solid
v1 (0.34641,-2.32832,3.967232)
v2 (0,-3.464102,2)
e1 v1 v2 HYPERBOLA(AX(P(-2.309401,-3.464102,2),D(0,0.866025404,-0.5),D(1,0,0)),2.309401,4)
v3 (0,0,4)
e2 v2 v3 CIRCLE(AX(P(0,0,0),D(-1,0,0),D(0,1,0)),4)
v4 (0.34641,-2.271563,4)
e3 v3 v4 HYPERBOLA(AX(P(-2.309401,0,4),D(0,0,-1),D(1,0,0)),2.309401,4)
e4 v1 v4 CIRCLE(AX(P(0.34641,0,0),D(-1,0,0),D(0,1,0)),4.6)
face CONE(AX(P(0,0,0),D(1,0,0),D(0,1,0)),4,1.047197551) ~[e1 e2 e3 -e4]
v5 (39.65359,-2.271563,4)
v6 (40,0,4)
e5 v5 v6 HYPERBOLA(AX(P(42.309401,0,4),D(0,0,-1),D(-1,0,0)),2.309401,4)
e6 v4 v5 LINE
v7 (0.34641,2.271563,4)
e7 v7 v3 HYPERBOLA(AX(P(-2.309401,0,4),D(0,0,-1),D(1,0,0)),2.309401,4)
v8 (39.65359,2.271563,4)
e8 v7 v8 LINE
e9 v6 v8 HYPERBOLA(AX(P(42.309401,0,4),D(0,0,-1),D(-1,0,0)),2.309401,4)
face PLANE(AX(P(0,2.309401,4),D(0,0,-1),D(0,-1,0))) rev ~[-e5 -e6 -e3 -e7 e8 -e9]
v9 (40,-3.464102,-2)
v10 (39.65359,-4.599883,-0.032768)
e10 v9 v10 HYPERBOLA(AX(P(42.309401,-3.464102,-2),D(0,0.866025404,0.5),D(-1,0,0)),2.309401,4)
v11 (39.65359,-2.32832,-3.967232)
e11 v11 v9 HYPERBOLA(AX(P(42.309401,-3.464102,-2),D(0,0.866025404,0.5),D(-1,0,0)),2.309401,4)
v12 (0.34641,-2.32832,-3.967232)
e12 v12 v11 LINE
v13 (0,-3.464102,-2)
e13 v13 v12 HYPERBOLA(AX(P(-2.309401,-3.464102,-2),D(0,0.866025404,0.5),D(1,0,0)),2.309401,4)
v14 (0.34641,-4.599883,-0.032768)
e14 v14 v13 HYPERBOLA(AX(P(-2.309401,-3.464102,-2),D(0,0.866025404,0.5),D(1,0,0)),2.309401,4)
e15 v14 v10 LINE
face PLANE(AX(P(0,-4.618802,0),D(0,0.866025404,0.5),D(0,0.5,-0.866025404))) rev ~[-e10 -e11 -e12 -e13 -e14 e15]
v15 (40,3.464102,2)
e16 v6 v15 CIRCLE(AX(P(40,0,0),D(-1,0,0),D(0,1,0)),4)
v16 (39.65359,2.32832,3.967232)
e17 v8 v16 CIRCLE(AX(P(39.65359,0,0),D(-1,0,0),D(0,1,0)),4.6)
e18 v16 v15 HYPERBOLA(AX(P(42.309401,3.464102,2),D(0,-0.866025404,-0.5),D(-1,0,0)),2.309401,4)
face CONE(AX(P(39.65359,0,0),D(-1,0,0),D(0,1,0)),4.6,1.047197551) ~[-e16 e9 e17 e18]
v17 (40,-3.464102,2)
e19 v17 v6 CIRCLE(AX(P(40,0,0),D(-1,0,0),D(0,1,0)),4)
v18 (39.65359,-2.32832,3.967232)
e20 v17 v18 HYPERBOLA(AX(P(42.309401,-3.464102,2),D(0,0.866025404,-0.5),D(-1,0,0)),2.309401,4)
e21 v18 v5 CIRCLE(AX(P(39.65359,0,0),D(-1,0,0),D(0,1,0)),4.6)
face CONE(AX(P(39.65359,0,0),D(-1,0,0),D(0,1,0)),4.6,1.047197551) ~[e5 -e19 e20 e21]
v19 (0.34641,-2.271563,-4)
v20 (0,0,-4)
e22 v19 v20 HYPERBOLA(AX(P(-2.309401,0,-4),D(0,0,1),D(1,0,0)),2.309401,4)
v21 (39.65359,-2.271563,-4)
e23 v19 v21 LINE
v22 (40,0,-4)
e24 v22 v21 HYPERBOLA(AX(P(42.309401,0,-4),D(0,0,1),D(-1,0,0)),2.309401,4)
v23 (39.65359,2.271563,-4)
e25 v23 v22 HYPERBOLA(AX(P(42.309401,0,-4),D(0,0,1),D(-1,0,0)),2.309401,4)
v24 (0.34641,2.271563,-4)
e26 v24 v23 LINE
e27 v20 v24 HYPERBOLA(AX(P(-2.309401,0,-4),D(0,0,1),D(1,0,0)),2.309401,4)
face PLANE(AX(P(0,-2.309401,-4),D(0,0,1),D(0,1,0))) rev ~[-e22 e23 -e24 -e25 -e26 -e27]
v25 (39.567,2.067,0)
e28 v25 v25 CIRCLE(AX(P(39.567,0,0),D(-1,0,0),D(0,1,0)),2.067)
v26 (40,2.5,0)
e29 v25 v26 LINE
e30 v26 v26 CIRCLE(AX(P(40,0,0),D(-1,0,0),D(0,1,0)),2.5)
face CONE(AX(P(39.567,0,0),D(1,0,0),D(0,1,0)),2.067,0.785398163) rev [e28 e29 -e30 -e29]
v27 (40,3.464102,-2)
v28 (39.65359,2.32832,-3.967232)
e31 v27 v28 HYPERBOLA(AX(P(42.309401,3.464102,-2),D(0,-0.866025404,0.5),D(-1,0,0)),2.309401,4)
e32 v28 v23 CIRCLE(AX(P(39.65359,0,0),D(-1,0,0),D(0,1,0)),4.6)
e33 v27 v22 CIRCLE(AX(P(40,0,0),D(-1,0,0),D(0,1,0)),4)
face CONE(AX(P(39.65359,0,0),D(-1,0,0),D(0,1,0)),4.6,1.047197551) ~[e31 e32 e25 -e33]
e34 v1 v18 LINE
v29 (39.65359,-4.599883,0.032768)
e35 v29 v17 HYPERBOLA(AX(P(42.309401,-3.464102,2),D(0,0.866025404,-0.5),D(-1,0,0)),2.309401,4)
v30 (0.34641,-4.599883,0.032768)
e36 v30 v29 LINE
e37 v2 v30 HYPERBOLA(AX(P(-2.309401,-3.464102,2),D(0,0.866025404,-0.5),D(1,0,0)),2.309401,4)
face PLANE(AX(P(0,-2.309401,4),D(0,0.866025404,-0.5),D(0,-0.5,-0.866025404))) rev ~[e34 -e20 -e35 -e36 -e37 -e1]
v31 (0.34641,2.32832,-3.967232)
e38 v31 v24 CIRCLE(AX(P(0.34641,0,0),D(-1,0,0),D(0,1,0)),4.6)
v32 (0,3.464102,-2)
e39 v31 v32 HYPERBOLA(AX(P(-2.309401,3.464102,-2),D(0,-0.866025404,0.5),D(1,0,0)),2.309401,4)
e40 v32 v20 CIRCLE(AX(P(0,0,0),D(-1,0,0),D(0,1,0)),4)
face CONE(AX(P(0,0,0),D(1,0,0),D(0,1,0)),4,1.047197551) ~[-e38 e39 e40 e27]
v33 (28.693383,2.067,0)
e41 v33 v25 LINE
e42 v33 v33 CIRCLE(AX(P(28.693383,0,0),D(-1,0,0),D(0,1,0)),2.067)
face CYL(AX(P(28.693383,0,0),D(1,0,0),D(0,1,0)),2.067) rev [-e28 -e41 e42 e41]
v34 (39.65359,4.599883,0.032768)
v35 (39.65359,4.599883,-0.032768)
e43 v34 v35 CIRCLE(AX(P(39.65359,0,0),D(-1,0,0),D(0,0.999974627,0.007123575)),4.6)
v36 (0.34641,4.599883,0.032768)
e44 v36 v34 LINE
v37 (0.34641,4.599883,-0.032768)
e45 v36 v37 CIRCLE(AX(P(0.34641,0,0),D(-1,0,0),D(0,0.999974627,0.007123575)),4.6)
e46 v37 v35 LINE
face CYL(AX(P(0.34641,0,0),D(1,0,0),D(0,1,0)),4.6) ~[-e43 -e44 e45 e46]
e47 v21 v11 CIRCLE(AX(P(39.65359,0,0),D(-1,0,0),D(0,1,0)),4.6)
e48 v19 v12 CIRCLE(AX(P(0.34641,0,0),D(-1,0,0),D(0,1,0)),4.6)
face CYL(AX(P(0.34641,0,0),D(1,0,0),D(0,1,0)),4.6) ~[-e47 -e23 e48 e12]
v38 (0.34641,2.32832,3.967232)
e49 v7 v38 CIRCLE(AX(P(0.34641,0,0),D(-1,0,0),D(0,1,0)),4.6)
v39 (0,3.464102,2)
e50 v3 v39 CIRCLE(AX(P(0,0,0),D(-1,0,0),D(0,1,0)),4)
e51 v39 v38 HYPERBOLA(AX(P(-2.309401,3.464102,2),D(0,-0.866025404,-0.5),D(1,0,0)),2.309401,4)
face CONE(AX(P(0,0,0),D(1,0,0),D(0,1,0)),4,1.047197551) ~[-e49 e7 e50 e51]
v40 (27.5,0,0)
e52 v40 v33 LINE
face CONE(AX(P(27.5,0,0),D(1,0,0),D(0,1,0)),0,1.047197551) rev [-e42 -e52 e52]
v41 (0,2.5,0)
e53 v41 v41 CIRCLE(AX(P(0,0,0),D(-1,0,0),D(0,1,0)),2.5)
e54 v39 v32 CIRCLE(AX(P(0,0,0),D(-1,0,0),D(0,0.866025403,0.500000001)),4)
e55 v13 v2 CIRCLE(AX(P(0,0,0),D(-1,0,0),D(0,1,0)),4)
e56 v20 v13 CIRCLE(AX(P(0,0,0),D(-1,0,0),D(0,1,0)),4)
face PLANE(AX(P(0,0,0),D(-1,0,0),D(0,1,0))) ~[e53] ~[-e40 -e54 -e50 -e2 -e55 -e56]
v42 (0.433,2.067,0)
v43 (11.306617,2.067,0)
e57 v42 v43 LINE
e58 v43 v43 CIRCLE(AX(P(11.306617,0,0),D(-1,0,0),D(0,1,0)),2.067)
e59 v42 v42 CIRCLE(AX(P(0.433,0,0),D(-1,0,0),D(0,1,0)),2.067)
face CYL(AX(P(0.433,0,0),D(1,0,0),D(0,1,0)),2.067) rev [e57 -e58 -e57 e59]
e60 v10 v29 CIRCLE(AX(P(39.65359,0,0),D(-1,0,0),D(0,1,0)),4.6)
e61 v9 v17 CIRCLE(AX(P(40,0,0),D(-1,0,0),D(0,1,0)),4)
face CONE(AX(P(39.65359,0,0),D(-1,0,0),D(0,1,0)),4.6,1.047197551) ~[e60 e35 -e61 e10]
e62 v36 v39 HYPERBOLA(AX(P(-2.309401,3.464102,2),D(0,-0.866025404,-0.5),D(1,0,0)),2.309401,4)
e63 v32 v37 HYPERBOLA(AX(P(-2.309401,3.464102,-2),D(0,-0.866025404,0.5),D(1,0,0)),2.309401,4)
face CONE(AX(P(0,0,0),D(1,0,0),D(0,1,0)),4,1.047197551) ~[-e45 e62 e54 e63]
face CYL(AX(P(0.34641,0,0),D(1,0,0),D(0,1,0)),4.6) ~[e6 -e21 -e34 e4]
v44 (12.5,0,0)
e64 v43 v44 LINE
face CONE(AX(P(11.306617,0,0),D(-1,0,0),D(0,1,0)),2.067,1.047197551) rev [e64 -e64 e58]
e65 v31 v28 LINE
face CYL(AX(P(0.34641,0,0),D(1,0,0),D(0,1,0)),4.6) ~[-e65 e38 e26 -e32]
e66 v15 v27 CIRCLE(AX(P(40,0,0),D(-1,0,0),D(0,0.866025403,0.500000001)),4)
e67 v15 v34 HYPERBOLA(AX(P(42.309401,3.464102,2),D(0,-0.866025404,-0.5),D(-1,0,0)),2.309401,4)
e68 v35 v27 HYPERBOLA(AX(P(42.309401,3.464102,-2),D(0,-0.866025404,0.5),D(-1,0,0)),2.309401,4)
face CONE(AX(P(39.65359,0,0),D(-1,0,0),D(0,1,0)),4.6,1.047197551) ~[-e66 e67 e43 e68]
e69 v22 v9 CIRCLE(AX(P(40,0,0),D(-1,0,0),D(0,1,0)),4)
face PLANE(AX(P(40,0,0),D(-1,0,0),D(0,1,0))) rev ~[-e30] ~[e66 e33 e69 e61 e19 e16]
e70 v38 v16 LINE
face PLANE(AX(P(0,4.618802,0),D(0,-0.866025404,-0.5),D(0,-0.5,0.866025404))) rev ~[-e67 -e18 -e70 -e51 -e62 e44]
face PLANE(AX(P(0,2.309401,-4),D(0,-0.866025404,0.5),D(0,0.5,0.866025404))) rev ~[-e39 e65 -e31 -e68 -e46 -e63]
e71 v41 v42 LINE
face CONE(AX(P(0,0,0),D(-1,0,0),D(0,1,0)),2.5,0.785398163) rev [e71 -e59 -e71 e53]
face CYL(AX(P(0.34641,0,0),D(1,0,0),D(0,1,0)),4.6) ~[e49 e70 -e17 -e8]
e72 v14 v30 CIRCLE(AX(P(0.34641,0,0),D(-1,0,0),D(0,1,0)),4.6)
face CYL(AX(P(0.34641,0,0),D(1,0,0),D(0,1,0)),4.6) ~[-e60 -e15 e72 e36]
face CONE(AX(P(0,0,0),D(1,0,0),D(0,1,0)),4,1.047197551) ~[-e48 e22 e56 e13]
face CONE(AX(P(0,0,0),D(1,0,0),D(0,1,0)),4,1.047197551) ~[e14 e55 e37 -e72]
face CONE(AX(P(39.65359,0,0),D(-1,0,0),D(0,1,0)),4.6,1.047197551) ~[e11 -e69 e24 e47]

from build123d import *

# Parameters (mm, degrees)
SKETCH2_W          = 16
SKETCH2_H          = 16
CUT_EXTRUDE1_DEPTH = 40


with BuildPart() as part:
    # Sketch1 → Revolve1 (revolve)
    with BuildSketch(Plane.XY):
        Polygon((0, 0), (0, 4), (0.346410162, 4.6), (39.653589838, 4.6), (40, 4), (40, 0), align=None)
    revolve(axis=Axis((40, 0, 0), (-1, 0, 0)))

    # Sketch2 → Cut-Extrude1 (cut)
    with BuildSketch(Plane(origin=(0, 0, 0), x_dir=(0, 0, -1), z_dir=(1, 0, 0))):
        Rectangle(SKETCH2_W, SKETCH2_H)
        Polygon((-4, 2.309401077), (-4, -2.309401077), (0, -4.618802154), (4, -2.309401077), (4, 2.309401077), (0, 4.618802154), align=None, mode=Mode.SUBTRACT)
    extrude(amount=CUT_EXTRUDE1_DEPTH, mode=Mode.SUBTRACT)

    # Sketch3 → Cut-Revolve1 (revolve, cut)
    with BuildSketch(Plane.XY):
        Polygon((0, 0), (0, 2.5), (0.433, 2.067), (11.306616994, 2.067), (12.5, 0), align=None)
    revolve(axis=Axis((12.5, 0, 0), (-1, 0, 0)), mode=Mode.SUBTRACT)

    # Sketch4 → Cut-Revolve2 (revolve, cut)
    with BuildSketch(Plane.XY):
        Polygon((27.5, 0), (28.693383006, 2.067), (39.567, 2.067), (40, 2.5), (40, 0), align=None)
    revolve(axis=Axis((40, 0, 0), (-1, 0, 0)), mode=Mode.SUBTRACT)


solid = part.part
